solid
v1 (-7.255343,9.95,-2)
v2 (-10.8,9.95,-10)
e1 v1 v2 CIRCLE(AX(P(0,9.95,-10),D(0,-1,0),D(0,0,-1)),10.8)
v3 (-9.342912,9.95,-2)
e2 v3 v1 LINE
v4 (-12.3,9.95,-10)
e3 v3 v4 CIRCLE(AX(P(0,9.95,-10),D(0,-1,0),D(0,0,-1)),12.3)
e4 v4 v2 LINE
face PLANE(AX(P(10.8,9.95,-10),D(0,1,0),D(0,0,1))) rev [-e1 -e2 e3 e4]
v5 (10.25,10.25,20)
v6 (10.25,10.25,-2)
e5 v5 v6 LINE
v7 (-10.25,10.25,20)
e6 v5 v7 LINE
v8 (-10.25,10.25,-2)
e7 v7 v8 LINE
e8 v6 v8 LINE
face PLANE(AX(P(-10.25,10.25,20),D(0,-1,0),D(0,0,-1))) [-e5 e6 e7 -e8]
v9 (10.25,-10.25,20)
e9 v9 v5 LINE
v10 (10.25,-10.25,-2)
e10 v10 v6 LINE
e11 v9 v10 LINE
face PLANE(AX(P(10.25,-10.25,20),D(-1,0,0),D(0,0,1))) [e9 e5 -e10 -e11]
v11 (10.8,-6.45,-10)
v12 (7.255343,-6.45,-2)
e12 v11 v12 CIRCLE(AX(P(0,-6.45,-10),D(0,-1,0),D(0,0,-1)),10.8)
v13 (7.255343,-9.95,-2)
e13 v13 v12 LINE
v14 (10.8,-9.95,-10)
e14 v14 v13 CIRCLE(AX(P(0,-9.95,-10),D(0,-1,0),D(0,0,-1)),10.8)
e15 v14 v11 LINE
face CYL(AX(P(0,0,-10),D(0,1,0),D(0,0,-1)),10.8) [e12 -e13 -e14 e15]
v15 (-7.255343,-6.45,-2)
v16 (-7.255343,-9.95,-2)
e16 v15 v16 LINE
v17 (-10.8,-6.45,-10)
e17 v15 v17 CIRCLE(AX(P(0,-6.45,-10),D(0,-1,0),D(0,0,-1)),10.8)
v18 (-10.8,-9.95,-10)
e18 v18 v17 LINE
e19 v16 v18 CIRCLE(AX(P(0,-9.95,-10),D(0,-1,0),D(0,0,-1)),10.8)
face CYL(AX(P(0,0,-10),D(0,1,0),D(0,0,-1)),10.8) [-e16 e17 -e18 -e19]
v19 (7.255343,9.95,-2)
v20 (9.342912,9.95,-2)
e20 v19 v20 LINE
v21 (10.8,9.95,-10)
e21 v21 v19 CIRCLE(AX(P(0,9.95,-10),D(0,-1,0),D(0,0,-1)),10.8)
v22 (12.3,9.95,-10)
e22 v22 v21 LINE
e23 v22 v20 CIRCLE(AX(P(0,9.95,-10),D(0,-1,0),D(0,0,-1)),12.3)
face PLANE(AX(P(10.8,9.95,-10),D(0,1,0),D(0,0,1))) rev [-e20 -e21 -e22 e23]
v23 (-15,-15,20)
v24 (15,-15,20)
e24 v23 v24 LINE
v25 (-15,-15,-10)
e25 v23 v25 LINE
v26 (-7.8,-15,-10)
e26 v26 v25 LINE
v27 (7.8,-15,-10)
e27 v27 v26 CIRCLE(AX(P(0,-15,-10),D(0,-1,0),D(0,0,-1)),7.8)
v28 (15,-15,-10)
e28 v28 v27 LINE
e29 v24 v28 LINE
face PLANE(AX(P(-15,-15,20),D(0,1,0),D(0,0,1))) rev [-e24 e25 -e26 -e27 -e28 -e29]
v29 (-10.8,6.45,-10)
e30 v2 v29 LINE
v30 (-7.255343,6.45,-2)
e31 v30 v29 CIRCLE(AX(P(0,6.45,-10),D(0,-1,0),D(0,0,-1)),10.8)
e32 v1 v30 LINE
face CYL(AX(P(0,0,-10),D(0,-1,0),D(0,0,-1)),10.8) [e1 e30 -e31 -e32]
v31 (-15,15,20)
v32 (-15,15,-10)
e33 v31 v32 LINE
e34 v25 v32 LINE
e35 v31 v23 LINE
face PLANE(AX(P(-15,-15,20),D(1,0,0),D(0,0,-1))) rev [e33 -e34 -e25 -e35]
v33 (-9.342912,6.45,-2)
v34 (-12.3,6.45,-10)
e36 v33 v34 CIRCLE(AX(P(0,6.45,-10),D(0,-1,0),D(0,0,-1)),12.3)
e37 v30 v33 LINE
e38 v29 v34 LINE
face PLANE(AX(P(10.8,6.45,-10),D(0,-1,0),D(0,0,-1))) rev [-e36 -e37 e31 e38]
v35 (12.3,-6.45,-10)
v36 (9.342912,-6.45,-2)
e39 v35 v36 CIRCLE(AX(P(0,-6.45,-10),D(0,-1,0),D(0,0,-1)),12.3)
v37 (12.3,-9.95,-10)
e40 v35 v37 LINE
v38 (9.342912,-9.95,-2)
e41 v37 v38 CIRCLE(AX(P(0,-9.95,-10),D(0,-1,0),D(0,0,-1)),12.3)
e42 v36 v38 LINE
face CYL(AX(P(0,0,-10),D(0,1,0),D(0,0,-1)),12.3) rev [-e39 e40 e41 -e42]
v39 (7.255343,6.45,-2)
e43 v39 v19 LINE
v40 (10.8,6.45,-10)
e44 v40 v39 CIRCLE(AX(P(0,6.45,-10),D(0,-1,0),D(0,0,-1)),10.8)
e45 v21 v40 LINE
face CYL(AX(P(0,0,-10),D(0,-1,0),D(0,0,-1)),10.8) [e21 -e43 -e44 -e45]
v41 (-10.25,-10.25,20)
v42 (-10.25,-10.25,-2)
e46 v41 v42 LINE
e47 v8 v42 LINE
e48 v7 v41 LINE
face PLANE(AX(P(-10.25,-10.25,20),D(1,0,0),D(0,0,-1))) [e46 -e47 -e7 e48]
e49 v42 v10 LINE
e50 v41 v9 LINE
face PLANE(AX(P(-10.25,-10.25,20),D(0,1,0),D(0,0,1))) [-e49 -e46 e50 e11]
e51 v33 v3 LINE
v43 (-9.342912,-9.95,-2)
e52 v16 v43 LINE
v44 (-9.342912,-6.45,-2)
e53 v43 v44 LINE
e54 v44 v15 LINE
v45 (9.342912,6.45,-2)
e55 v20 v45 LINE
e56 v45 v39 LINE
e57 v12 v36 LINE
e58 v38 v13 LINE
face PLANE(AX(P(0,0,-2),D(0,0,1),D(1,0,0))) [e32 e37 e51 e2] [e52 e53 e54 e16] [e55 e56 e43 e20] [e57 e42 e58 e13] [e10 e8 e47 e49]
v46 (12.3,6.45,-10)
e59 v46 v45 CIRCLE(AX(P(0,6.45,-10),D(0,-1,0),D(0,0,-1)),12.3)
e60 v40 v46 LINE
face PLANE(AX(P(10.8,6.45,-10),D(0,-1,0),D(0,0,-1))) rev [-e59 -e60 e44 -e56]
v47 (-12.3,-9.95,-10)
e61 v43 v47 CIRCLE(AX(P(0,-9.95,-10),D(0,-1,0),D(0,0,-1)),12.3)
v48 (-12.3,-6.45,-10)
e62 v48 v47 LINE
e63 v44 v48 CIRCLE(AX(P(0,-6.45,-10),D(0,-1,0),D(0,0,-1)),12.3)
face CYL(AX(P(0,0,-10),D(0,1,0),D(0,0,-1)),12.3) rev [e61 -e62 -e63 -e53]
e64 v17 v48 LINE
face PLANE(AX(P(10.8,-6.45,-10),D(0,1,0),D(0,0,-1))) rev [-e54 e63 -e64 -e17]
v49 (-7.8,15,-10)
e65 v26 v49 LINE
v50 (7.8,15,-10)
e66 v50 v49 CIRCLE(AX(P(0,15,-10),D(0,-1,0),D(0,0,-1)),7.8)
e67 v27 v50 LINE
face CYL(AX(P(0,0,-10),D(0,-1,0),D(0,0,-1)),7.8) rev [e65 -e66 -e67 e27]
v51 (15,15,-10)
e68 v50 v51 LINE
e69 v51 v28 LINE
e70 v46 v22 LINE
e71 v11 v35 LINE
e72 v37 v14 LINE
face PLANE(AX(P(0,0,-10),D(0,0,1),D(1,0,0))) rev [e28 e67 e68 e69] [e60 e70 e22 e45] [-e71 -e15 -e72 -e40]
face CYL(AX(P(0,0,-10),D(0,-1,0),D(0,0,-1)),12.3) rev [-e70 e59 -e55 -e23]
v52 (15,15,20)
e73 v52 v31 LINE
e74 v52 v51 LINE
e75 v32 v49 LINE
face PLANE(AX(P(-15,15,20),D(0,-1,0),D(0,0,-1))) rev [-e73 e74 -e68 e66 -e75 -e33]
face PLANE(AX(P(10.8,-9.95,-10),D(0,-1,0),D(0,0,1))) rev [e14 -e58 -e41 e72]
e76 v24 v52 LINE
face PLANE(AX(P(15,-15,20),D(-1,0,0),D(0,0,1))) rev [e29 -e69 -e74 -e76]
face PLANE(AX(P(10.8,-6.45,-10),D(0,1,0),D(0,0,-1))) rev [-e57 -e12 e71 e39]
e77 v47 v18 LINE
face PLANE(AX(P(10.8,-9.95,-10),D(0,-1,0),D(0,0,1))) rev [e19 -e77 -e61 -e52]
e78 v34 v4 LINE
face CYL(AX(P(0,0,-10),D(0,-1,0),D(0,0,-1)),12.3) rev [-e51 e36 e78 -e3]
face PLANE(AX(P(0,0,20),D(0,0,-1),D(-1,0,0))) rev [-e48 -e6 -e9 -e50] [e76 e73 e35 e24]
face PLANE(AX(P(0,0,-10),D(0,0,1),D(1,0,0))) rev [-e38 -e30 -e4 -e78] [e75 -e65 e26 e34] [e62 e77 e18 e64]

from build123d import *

# Parameters (mm, degrees)
SKETCH1_W           = 30
SKETCH1_H           = 30
SKETCH1_W_2         = 20.5
SKETCH1_H_2         = 20.5
BOSS_EXTRUDE1_DEPTH = 20
SKETCH2_W           = 30
SKETCH2_H           = 30
BOSS_EXTRUDE3_DEPTH = 10
SKETCH4_W           = 1.5
SKETCH4_H           = 3.5
CUT_REVOLVE1_ANGLE  = 180
SKETCH5_W           = 14.323407416
SKETCH5_H           = 3.5
CUT_EXTRUDE2_DEPTH  = 1.5
SKETCH6_W           = 20.5
SKETCH6_H           = 20.5
CUT_EXTRUDE3_DEPTH  = 2


with BuildPart() as part:
    # Sketch1 → Boss-Extrude1 (new body)
    with BuildSketch(Plane.XY):
        Rectangle(SKETCH1_W, SKETCH1_H)
        Rectangle(SKETCH1_W_2, SKETCH1_H_2, mode=Mode.SUBTRACT)
    extrude(amount=BOSS_EXTRUDE1_DEPTH)

    # Sketch2 → Boss-Extrude3 (add)
    with BuildSketch(Plane(origin=(0, 0, 0), x_dir=(-1, 0, 0), z_dir=(0, 0, -1))):
        Rectangle(SKETCH2_W, SKETCH2_H)
    extrude(amount=BOSS_EXTRUDE3_DEPTH)

    # Sketch4 → Cut-Revolve1 (revolve, cut)
    with BuildSketch(Plane(origin=(0, 0, -10), x_dir=(-1, 0, 0), z_dir=(0, 0, -1))):
        Polygon((0, 0), (0, 15), (7.8, 15), (7.8, 8.75), (7.8, 7.65), (7.8, 0), align=None)
        with Locations((11.55, 8.2)):
            Rectangle(SKETCH4_W, SKETCH4_H)
    cut_revolve1 = revolve(axis=Axis((0, 0, -10), (0, 1, 0)), revolution_arc=CUT_REVOLVE1_ANGLE, mode=Mode.SUBTRACT)

    # Sketch5 → Cut-Extrude2 (cut)
    with BuildSketch(Plane.XY):
        with Locations((0, 8.2)):
            Rectangle(SKETCH5_W, SKETCH5_H)
    cut_extrude2 = extrude(amount=-CUT_EXTRUDE2_DEPTH, mode=Mode.SUBTRACT)

    # Mirror1: Cut-Revolve1, Cut-Extrude2 across plane
    add(cut_revolve1.mirror(Plane(origin=(0, 0, -10), x_dir=(0, 0, 1), z_dir=(0, -1, 0))), mode=Mode.SUBTRACT)
    add(cut_extrude2.mirror(Plane(origin=(0, 0, -10), x_dir=(0, 0, 1), z_dir=(0, -1, 0))), mode=Mode.SUBTRACT)

    # Sketch6 → Cut-Extrude3 (cut)
    with BuildSketch(Plane.XY):
        Rectangle(SKETCH6_W, SKETCH6_H)
    extrude(amount=-CUT_EXTRUDE3_DEPTH, mode=Mode.SUBTRACT)


solid = part.part
